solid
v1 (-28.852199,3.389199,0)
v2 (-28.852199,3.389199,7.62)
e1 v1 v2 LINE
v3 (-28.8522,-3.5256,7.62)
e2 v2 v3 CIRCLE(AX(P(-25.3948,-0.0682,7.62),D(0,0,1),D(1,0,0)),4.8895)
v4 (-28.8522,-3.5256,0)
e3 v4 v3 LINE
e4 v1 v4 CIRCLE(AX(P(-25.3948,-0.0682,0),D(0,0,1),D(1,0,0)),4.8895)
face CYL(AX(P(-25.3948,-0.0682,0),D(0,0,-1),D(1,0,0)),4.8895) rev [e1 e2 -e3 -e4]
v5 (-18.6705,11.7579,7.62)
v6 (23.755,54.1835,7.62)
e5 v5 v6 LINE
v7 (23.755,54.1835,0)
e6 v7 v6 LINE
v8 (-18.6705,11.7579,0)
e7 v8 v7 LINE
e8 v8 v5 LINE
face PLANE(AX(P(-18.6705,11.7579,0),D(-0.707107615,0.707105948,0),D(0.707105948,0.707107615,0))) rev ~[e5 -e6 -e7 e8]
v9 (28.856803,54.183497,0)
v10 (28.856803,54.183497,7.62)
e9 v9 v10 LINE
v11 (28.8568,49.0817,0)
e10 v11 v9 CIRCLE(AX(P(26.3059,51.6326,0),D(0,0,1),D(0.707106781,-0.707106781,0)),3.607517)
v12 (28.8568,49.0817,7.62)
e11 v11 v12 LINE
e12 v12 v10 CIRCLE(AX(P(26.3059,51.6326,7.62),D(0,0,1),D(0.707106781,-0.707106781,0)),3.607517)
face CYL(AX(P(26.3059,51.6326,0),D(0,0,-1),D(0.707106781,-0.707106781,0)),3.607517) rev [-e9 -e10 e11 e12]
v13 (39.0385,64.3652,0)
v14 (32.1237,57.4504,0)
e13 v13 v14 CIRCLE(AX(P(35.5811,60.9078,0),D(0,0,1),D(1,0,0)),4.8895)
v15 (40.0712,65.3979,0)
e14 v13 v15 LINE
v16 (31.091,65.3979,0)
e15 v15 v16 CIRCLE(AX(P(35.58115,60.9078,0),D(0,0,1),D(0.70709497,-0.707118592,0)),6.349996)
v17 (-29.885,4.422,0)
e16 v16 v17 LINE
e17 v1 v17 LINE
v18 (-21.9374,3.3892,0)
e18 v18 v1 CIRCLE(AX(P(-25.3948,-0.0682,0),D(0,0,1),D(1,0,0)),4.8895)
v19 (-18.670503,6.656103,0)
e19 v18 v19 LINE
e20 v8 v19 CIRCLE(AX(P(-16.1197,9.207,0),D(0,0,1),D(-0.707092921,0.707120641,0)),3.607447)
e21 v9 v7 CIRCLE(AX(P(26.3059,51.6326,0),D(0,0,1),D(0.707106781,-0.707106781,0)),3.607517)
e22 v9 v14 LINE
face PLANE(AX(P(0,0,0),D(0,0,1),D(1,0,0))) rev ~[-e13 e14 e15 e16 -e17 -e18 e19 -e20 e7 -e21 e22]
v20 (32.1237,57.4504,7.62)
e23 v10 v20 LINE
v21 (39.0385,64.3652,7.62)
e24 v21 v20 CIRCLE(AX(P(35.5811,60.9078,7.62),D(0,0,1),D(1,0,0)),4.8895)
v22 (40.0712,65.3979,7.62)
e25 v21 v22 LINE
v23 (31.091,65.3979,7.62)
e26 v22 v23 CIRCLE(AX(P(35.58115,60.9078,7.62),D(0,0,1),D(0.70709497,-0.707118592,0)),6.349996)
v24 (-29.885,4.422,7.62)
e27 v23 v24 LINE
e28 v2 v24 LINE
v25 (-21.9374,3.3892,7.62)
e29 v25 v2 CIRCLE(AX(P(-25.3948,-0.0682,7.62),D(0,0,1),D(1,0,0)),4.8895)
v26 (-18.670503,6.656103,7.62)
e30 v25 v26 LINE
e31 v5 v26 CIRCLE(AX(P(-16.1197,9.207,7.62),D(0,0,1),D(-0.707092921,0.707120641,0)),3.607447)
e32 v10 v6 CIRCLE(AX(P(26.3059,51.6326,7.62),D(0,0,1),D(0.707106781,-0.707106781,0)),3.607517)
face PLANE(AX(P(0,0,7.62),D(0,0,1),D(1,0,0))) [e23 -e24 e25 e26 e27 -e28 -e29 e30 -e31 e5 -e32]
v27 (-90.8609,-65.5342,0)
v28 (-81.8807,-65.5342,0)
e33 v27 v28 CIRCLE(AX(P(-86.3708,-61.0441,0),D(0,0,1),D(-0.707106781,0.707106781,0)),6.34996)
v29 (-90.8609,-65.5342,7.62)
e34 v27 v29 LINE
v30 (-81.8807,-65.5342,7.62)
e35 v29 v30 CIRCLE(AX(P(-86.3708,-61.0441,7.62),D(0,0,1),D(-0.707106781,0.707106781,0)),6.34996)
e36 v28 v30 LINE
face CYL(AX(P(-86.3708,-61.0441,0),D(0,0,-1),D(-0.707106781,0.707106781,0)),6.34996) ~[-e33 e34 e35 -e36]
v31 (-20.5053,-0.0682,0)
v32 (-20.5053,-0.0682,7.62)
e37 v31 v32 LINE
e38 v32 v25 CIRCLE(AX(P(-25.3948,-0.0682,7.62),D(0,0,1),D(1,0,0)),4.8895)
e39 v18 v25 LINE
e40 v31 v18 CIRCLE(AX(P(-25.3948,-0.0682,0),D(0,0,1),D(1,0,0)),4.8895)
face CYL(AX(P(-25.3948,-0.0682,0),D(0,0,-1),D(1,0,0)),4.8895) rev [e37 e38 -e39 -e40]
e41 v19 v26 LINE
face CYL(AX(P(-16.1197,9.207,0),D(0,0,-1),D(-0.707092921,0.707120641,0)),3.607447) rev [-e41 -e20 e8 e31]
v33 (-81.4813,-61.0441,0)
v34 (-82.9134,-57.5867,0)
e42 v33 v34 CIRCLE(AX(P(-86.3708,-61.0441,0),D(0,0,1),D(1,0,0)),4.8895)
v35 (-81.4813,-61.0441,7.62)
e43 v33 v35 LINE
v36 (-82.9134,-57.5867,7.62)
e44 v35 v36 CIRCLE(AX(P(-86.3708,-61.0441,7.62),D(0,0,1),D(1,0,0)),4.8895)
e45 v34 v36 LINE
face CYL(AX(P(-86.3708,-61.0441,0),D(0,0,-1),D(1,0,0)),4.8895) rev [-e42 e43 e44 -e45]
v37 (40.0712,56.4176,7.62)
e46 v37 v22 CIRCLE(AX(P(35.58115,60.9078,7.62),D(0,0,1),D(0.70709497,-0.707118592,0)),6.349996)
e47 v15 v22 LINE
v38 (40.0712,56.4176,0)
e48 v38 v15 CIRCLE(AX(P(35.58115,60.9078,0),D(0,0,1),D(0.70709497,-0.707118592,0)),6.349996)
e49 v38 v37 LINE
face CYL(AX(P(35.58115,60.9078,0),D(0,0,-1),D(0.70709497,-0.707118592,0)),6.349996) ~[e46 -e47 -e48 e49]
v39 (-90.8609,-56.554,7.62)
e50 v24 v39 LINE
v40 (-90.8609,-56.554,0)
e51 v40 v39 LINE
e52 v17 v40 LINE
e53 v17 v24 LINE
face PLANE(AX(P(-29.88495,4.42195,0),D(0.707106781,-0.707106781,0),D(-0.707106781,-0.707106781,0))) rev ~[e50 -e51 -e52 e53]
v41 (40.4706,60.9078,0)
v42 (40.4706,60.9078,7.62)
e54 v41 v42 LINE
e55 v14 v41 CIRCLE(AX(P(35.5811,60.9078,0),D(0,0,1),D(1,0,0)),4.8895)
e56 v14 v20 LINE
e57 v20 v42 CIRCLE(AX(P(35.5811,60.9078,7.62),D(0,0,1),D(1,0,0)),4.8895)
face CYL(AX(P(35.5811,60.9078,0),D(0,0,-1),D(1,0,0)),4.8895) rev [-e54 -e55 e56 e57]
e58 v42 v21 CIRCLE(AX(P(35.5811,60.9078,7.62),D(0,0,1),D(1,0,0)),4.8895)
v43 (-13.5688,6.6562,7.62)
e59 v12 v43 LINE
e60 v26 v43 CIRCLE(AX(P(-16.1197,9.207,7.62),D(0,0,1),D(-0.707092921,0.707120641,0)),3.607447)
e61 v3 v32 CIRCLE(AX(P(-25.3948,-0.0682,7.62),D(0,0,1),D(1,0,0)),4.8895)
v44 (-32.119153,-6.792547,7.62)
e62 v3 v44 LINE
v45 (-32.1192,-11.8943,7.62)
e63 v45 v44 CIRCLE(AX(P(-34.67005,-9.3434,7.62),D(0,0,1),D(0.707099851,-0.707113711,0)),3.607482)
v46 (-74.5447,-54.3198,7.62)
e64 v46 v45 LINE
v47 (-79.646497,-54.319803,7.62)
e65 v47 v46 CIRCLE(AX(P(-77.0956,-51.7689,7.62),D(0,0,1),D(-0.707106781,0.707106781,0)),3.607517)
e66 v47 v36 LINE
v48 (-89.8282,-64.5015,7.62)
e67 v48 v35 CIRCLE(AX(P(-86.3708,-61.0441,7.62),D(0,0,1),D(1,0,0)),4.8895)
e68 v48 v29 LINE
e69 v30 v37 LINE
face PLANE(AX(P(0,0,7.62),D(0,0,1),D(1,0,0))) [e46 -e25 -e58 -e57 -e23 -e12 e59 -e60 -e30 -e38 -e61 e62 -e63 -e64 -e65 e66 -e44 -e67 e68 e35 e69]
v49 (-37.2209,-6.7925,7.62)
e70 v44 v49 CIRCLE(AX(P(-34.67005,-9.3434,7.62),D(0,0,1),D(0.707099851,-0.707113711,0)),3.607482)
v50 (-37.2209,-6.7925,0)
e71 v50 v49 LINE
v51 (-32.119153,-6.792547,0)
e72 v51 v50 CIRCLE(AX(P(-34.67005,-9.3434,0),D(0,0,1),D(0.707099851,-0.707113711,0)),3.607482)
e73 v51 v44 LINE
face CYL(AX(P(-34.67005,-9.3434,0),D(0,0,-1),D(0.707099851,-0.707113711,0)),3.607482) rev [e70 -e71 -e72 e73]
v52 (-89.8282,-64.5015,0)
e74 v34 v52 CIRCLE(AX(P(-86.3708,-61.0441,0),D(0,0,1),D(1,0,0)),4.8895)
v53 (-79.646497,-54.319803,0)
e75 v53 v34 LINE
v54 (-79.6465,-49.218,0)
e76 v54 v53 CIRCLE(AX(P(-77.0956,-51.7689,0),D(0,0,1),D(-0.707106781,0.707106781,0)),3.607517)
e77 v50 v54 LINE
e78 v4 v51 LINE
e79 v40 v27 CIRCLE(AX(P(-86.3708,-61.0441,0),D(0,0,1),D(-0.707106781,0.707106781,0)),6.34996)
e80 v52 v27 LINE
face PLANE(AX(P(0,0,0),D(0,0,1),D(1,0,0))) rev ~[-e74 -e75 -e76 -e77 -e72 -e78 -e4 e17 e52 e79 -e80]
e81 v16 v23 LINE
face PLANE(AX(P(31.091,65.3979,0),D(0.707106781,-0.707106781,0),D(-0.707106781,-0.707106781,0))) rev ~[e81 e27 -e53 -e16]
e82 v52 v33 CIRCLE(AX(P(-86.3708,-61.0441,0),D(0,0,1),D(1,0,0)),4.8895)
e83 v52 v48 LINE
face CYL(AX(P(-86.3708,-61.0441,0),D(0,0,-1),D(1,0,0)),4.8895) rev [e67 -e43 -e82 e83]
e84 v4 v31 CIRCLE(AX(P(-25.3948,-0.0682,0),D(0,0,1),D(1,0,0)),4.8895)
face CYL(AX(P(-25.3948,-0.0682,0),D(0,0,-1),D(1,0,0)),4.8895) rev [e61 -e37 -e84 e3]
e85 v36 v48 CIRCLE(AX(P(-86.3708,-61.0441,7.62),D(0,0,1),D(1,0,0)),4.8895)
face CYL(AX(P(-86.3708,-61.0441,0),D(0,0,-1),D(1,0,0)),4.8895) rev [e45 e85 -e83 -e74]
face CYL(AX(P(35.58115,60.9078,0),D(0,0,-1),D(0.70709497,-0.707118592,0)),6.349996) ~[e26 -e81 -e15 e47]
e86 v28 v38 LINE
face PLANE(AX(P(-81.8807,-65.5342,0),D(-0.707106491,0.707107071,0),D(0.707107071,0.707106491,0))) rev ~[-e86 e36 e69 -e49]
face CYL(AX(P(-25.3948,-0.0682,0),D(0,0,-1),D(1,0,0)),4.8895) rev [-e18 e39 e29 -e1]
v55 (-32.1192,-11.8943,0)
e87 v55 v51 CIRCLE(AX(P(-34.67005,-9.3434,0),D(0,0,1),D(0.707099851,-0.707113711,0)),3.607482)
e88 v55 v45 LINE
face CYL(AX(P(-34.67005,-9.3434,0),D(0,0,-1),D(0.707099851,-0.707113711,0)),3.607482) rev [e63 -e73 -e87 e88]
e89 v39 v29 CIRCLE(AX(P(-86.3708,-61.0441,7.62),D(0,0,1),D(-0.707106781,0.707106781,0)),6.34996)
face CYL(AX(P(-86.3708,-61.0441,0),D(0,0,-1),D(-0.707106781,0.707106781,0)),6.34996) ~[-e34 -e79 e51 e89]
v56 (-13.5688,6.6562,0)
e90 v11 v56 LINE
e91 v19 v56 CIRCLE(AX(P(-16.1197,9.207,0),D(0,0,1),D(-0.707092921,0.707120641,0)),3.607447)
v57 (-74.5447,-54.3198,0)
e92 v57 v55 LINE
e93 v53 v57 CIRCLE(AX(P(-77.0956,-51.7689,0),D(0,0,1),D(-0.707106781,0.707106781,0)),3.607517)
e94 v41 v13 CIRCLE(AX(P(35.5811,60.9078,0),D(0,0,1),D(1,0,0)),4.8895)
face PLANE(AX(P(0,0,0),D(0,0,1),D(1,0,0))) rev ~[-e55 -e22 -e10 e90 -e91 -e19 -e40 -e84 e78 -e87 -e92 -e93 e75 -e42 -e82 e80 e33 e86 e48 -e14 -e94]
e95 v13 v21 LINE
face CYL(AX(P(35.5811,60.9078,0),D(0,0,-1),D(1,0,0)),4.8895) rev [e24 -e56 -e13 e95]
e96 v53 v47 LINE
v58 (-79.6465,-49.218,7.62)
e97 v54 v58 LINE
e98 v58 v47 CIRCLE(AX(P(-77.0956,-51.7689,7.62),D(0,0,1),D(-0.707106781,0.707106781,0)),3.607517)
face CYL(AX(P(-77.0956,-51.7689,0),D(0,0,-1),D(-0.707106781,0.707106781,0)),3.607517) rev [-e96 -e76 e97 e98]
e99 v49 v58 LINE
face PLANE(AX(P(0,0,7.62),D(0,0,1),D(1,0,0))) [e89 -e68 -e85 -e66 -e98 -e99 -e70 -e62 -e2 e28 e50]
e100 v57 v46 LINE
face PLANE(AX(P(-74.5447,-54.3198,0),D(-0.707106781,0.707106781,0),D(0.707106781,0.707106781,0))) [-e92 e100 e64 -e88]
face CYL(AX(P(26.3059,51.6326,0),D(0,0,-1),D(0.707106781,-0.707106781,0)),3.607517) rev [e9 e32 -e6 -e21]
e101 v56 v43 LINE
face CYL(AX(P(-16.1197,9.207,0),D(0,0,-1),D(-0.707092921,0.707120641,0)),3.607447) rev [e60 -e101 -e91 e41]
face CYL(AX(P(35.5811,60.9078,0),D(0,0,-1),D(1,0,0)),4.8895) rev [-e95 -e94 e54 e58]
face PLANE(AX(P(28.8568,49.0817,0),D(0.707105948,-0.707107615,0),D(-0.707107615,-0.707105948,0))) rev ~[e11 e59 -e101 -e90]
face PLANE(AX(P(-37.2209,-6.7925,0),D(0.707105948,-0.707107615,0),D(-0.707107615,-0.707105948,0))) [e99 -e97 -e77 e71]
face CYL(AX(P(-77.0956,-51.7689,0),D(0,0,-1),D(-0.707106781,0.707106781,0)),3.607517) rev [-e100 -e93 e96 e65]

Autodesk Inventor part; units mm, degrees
ref_plane "YZ Plane" through (0, 0, 0) normal (1, 0, 0) x (0, 1, 0)
ref_plane "XZ Plane" through (0, 0, 0) normal (0, 1, 0) x (-1, 0, 0)
ref_plane "XY Plane" through (0, 0, 0) normal (0, 0, 1) x (1, 0, 0)
sketch "Sketch1" plane through (0, 0, 0) normal (0, 0, 1) x (1, 0, 0)
  circle A0 centre (-86.3708, -61.0441) radius 4.8895
  circle A1 centre (-86.3708, -61.0441) radius 4.8895
  line L0 (-81.8807, -65.5342) -> (40.0712, 56.4176)
  line L1 (31.091, 65.3979) -> (-90.8609, -56.554)
  arc A2 (-90.8609, -56.554) -> (-81.8807, -65.5342) centre (-86.3708, -61.0441) ccw
  arc A3 (40.0712, 56.4176) -> (31.091, 65.3979) centre (35.5811, 60.9078) ccw
  circle A4 centre (-25.3948, -0.0682) radius 4.8895
  circle A5 centre (35.5811, 60.9078) radius 4.8895
  line L2 (-21.9374, 3.3892) -> (32.1237, 57.4504)
  line L3 (39.0385, 64.3652) -> (40.0712, 65.3979)
  line L4 (-82.9134, -57.5867) -> (-28.8522, -3.5256) construction
  line L5 (-21.9374, 3.3892) -> (32.1237, 57.4504) construction
  line L6 (-28.8522, -3.5256) -> (-82.9134, -57.5867)
  line L7 (-89.8282, -64.5015) -> (-90.8609, -65.5342)
  line L8 (-34.6701, -9.3434) -> (-77.0956, -51.7689) construction
  line L9 (-37.2209, -6.7925) -> (-79.6465, -49.218)
  line L10 (-74.5447, -54.3198) -> (-32.1192, -11.8943)
  arc A6 (-32.1192, -11.8943) -> (-37.2209, -6.7925) centre (-34.6701, -9.3434) ccw
  arc A7 (-79.6465, -49.218) -> (-74.5447, -54.3198) centre (-77.0956, -51.7689) ccw
  line L11 (-25.3948, -0.0682) -> (-29.885, 4.422)
  line L12 (-18.6705, 11.7579) -> (23.755, 54.1835)
  line L13 (28.8568, 49.0817) -> (-13.5688, 6.6562)
  arc A8 (-18.6705, 11.7579) -> (-13.5688, 6.6562) centre (-16.1196, 9.207) ccw
  arc A9 (28.8568, 49.0817) -> (23.755, 54.1835) centre (26.3059, 51.6326) ccw
  point P0 (0, 0)
  point P1 (-55.8828, -30.5561)
  dimension "d0" = 172.466
  dimension "d2" = 12.7
  dimension "d5" = 9.779
  dimension "d6" = 9.779
  dimension "d7" = 9.779
extrude "Extrusion1" add sketch "Sketch1" along normal blind 7.62 contours A0 L6 A7 L10 A6 A4 L2 A8 L13 A9 A5 L3 A3 L0 A2 L7 | A0 L7 A2 L1 L11 A4 L6 A6 L9 A7 | L1 A3 L3 A5 L2 A9 L12 A8 A4 L11
properties part number "Arm"
